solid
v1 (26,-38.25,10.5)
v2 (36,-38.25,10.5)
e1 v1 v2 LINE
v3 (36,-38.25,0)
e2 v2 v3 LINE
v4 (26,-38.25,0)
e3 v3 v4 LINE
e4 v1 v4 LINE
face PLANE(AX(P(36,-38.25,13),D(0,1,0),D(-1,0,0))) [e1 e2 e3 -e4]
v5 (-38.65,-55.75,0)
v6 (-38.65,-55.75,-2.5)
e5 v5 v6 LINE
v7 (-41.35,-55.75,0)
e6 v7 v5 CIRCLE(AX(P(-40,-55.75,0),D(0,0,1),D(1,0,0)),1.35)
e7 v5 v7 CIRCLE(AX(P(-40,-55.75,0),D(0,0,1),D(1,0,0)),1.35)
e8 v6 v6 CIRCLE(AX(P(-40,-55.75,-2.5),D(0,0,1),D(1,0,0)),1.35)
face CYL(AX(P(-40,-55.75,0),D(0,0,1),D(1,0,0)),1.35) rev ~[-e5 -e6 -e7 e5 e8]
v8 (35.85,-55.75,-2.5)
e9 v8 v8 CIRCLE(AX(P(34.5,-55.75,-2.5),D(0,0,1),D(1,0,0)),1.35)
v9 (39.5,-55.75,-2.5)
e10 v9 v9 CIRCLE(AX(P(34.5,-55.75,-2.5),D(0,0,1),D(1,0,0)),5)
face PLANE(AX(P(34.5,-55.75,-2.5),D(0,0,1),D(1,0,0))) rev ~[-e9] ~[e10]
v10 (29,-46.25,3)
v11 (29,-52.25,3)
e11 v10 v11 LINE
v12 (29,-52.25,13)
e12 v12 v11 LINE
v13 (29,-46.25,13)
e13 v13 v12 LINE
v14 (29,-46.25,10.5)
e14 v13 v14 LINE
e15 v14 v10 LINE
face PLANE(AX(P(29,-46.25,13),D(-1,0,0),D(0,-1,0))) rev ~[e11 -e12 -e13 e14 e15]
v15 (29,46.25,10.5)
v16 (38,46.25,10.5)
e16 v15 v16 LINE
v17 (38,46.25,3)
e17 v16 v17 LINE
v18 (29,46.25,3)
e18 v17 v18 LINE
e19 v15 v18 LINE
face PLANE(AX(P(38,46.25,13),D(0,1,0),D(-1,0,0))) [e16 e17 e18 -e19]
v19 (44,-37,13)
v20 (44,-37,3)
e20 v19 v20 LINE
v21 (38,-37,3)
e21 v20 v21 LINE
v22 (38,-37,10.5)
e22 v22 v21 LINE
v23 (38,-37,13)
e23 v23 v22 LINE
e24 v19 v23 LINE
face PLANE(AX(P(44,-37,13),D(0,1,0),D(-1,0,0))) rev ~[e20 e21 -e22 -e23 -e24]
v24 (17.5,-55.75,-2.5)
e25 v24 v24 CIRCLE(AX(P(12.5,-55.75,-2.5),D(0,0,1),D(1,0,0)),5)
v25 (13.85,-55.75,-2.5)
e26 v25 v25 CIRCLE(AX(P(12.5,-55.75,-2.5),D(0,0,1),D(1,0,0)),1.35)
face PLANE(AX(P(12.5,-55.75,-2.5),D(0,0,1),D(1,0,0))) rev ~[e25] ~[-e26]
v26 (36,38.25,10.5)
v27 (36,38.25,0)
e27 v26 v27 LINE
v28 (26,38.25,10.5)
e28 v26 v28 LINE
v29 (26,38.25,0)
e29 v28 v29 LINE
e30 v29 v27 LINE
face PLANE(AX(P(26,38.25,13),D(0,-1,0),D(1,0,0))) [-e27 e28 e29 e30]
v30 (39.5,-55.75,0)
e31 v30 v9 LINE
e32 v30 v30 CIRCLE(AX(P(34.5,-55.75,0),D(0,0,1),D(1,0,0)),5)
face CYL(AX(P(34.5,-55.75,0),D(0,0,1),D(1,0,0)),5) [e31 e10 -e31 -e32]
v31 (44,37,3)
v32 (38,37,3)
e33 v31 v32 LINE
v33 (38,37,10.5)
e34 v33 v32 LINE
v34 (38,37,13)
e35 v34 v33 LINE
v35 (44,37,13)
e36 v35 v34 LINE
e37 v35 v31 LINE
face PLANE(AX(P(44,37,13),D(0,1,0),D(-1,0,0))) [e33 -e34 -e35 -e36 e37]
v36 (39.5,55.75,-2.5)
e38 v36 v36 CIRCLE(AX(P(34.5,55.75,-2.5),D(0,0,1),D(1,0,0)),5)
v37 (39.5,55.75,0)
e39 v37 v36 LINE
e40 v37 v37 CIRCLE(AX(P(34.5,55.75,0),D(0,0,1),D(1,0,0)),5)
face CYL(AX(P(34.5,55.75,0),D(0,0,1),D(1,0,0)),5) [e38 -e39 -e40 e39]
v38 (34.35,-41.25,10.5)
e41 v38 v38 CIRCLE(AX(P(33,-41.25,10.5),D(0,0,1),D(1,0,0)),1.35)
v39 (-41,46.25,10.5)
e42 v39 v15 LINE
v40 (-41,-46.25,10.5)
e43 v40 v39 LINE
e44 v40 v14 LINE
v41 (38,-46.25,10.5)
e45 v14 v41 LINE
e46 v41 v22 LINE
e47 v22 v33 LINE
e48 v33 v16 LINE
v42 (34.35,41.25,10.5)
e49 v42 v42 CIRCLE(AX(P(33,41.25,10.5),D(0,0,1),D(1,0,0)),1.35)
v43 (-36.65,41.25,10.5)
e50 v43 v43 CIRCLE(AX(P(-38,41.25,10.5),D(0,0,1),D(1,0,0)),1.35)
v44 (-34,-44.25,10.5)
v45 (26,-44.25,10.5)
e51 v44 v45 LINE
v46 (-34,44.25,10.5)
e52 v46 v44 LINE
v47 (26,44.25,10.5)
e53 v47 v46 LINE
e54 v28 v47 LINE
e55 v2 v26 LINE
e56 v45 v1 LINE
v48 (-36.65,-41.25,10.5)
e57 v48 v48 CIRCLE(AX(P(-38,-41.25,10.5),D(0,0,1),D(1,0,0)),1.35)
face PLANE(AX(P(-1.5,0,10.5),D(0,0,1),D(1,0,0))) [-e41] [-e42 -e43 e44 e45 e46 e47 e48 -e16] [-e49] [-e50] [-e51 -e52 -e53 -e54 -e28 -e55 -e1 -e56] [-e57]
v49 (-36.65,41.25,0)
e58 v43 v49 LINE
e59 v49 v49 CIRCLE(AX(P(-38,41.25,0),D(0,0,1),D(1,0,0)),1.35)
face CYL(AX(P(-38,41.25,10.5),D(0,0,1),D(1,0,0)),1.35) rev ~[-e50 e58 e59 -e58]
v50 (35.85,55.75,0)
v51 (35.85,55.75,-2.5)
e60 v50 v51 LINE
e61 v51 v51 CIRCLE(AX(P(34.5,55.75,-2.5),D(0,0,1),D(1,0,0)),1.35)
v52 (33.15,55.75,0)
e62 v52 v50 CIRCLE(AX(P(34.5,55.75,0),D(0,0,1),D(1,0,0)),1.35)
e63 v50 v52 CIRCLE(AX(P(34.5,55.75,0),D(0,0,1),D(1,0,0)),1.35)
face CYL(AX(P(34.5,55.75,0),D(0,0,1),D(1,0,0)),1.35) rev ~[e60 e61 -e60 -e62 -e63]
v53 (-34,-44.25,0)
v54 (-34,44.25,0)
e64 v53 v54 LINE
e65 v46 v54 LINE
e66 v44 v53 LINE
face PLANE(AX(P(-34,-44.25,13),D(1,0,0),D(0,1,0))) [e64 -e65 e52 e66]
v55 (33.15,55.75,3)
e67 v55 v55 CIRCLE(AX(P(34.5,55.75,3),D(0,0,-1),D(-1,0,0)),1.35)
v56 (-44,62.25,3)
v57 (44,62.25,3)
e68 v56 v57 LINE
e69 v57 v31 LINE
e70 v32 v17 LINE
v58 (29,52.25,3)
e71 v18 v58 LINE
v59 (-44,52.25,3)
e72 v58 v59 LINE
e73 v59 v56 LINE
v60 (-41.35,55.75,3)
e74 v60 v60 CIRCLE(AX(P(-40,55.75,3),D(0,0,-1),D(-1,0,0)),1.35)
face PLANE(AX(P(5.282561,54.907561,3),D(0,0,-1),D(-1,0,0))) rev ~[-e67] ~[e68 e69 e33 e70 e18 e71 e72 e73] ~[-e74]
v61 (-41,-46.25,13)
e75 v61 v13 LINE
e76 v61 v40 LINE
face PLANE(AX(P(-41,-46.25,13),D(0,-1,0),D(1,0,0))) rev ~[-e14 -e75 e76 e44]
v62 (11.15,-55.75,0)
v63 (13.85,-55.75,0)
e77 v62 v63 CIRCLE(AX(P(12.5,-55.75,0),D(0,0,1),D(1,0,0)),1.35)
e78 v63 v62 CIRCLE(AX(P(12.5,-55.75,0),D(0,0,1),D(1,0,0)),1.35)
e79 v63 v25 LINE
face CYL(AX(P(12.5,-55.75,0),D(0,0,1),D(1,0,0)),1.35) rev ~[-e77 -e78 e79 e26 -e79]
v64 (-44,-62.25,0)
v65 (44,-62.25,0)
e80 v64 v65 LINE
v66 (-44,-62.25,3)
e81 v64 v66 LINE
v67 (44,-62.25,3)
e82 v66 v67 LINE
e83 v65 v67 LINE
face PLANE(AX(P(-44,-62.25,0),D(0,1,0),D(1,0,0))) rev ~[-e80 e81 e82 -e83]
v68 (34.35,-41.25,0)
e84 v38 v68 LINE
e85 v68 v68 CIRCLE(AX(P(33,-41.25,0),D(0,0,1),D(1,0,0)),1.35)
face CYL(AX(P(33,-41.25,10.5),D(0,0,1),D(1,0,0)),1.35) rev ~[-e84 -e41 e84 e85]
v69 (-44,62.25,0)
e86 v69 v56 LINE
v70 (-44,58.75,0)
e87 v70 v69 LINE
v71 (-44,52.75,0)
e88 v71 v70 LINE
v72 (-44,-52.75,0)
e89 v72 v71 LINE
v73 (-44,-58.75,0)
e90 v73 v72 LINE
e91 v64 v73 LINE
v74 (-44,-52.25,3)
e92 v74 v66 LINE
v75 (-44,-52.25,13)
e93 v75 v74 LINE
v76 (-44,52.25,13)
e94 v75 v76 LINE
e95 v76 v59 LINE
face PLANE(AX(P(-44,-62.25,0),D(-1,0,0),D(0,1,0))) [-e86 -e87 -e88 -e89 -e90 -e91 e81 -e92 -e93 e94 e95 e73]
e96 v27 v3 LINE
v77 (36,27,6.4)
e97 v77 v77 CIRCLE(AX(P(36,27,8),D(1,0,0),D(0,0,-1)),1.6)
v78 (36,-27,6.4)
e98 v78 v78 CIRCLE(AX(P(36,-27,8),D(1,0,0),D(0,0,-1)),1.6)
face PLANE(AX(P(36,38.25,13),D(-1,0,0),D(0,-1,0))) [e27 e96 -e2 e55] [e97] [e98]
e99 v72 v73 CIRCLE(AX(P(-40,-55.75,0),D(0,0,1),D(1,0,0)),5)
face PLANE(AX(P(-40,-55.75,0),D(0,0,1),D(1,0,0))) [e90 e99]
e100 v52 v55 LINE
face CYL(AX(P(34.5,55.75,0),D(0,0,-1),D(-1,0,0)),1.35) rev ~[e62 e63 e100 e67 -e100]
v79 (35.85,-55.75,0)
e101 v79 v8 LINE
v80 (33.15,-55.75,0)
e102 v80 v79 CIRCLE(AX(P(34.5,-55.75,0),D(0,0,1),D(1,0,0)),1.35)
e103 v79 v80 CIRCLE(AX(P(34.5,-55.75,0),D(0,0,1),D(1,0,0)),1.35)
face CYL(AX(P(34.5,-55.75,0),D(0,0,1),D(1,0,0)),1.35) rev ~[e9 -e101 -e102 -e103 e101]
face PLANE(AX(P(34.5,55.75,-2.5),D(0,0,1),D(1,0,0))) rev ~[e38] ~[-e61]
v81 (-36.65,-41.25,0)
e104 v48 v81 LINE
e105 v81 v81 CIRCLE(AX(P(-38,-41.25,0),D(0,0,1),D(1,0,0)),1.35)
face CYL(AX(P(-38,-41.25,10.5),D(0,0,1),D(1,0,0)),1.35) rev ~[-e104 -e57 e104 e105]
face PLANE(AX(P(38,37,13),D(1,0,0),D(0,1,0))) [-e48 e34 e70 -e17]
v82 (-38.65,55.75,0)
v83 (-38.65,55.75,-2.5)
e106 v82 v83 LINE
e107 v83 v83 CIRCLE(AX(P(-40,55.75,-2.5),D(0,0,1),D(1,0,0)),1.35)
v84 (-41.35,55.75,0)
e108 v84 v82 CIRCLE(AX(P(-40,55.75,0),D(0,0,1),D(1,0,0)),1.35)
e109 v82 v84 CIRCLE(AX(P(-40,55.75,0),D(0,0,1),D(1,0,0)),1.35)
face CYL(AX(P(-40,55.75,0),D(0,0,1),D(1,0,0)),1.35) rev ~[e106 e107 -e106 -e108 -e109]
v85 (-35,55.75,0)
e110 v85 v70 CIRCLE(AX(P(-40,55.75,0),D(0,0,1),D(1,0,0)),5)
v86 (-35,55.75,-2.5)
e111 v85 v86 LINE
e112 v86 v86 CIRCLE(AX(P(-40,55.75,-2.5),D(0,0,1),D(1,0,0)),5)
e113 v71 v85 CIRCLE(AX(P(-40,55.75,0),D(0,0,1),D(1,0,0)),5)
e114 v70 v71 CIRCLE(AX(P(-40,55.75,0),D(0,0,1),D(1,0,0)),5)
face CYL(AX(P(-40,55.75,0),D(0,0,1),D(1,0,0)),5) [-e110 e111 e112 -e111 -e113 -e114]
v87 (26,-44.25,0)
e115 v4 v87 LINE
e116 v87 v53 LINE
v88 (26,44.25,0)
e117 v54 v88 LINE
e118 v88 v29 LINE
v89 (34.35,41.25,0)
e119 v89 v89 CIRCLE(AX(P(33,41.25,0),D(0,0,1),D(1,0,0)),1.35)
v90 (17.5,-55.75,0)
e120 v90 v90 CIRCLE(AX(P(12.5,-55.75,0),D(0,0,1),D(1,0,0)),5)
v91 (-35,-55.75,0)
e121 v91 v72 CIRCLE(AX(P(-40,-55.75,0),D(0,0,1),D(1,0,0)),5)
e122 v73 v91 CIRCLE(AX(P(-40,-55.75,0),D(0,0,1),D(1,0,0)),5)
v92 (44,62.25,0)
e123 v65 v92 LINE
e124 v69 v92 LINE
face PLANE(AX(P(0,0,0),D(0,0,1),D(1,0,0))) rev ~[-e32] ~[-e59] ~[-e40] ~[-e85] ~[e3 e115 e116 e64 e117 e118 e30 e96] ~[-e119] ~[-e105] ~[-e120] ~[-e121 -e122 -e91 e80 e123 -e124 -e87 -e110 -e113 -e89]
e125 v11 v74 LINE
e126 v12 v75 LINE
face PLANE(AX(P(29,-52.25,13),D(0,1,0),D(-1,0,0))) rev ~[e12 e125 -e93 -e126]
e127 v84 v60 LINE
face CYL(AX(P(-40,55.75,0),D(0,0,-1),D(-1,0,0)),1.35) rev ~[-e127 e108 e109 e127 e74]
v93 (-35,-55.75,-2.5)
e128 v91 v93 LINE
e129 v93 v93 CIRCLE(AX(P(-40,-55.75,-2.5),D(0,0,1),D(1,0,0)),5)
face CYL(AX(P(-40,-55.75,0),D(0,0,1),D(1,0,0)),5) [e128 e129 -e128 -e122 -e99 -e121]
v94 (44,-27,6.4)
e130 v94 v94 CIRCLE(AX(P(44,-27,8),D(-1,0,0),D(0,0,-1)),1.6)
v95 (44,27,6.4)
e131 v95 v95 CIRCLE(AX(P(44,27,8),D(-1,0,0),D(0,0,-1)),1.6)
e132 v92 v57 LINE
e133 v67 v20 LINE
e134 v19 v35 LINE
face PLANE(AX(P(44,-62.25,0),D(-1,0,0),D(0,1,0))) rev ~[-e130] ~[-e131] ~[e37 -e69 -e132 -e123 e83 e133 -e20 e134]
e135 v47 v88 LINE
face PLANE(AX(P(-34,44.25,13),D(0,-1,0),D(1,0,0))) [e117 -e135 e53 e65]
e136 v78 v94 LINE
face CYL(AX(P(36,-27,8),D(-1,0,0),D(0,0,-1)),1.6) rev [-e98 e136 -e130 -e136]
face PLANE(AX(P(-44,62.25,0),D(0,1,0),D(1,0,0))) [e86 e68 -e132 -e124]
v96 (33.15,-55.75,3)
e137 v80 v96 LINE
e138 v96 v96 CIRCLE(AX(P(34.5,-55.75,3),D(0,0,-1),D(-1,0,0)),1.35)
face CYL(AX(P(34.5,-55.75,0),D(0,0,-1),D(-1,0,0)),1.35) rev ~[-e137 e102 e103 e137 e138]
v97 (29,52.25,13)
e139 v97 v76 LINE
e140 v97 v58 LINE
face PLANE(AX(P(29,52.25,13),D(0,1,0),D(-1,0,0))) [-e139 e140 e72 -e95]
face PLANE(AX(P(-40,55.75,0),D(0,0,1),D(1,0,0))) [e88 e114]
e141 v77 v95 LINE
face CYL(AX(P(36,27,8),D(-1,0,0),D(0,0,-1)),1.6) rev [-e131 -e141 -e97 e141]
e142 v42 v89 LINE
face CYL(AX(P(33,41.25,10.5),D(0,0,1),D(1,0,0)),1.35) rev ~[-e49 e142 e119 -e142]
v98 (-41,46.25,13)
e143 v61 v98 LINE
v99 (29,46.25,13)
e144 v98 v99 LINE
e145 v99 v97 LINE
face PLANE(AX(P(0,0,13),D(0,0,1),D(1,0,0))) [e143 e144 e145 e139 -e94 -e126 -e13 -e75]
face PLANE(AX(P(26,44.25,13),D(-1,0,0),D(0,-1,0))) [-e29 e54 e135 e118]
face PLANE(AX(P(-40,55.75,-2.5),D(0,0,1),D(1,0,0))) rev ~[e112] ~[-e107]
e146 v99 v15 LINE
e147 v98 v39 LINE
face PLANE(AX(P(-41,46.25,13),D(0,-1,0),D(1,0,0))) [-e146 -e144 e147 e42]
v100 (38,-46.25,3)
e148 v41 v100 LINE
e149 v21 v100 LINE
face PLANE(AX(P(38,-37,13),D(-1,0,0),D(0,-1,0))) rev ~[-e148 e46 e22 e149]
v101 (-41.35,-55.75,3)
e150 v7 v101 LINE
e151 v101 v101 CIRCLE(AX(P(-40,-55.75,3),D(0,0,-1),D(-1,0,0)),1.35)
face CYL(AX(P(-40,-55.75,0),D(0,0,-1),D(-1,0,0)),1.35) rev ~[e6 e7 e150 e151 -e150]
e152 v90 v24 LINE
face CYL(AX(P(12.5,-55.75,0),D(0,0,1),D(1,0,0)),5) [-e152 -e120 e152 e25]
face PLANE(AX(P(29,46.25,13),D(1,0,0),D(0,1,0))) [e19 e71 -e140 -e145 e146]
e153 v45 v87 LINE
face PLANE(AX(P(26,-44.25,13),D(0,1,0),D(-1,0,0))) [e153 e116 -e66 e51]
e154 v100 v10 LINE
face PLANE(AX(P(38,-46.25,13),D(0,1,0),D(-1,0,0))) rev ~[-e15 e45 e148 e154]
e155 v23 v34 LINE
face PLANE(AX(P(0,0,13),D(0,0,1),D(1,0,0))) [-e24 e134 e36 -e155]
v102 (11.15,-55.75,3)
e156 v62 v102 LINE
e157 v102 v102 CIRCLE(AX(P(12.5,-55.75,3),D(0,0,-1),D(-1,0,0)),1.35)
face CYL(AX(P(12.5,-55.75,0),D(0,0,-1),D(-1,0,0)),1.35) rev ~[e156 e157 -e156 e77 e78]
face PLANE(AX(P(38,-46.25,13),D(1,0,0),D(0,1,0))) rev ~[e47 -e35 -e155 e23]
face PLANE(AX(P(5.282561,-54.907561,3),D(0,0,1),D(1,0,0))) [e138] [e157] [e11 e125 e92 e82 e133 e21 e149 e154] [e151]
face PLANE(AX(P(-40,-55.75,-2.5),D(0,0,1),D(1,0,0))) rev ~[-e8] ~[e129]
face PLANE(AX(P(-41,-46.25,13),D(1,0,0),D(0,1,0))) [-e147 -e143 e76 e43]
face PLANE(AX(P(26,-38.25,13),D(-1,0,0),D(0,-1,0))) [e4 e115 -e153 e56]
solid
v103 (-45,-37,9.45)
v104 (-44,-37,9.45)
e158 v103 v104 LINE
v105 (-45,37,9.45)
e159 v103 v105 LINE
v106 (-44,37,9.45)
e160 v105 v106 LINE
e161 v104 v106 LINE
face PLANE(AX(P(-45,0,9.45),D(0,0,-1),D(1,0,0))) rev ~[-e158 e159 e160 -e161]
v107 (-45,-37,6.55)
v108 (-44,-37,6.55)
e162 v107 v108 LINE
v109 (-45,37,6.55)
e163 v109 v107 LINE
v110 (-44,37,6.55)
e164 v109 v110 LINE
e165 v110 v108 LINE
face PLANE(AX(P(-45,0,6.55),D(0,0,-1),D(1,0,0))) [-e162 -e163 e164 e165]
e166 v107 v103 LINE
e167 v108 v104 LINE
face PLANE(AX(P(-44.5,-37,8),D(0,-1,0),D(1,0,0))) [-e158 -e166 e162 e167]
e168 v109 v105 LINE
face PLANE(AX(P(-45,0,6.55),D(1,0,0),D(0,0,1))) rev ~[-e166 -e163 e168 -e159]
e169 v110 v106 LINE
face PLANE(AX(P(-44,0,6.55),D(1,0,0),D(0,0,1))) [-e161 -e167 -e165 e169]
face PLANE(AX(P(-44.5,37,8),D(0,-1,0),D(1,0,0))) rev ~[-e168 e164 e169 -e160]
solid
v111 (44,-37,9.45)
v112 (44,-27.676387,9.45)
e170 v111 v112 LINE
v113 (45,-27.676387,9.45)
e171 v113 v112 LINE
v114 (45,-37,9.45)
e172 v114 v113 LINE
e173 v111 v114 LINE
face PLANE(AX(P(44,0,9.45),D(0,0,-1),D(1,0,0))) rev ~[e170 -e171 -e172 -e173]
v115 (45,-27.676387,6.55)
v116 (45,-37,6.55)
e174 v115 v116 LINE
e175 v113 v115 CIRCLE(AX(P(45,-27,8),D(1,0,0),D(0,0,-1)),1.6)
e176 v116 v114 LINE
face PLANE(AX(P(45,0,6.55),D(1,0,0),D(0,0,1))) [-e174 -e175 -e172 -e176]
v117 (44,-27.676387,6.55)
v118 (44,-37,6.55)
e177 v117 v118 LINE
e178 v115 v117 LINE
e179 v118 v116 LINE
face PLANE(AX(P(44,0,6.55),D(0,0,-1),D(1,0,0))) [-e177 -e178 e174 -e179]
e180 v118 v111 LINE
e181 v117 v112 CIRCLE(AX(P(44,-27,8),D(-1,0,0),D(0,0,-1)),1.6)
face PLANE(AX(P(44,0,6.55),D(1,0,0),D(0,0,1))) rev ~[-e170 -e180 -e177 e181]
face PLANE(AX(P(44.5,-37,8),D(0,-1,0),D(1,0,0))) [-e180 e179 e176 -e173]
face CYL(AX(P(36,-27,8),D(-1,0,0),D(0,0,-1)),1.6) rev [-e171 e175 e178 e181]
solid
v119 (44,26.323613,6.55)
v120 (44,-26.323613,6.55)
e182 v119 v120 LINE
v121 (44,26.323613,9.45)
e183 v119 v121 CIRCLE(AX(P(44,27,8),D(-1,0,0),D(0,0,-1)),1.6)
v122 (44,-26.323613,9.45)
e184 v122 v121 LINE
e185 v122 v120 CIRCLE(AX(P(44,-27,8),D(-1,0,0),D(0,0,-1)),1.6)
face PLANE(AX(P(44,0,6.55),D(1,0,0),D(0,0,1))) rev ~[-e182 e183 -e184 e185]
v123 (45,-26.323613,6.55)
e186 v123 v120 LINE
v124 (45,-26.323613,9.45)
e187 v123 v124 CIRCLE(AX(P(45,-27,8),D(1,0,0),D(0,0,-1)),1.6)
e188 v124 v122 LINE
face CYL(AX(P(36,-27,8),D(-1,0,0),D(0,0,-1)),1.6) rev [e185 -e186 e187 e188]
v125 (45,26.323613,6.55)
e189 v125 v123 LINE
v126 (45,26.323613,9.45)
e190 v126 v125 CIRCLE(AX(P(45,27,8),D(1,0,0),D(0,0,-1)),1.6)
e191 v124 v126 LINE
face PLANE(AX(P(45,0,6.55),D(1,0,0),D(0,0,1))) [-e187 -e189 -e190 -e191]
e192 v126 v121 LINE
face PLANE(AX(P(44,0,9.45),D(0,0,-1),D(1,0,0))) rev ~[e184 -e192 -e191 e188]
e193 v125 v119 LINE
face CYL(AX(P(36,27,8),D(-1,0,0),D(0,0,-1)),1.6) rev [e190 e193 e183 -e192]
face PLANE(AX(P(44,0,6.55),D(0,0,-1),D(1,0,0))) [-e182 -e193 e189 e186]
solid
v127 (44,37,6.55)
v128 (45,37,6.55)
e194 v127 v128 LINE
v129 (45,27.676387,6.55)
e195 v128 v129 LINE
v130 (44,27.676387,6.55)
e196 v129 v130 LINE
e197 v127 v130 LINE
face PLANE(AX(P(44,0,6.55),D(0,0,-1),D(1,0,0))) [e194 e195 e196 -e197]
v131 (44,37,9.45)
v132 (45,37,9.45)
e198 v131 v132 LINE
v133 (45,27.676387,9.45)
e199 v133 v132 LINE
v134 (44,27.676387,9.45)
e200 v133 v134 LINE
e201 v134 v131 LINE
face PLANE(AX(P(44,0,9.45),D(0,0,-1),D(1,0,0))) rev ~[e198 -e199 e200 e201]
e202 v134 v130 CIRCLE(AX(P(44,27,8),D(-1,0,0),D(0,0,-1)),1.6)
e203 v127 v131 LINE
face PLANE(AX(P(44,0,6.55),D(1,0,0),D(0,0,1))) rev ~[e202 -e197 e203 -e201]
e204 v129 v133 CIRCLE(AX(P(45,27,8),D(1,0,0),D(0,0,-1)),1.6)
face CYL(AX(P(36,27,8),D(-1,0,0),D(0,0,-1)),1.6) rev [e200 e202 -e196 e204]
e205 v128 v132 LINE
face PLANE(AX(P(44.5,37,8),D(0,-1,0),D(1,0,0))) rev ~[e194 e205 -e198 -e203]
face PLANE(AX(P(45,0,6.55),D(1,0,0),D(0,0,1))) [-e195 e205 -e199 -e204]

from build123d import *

# Parameters (mm, degrees)
MAIN_SKETCH_W                = 88
MAIN_SKETCH_H                = 124.5
MAIN_EXTRUSION_DEPTH         = 13
FIX_SKETCH_R                 = 5
FIX_SKETCH_R_2               = 1.35
BOARD_PLOT_DEPTH             = 2.5
ESQUISSE1_R                  = 1.35
BOARD_PLOT_HOLE_DEPTH        = 14
ESQUISSE2_W                  = 1
ESQUISSE2_H                  = 2.9
MAKERBEAM_FIXING_DEPTH       = 37
MAKERBEAM_FIXING_2_DEPTH     = 37
WINDOW_HOLE_DEPTH            = 16.5
EXTERNAL_HOLE_DEPTH          = 10
MAKERBEAM_START              = -9
ESQUISSE5_R                  = 1.6
MAKERBEAM_FIXING_HOLE_DEPTH  = 9
ESQUISSE7_W                  = 79
ESQUISSE7_H                  = 92.5
GLASS_HOLE_DEPTH             = 2.5
ESQUISSE8_R                  = 1.35
GLASS_FIXING_HOLE_DEPTH      = 3.5
GLASS_FIXING_HOLE_DEPTH_BACK = 14


with BuildPart() as part:
    # Main-Sketch → Main-Extrusion (new body)
    with BuildSketch(Plane.XY):
        Rectangle(MAIN_SKETCH_W, MAIN_SKETCH_H)
    extrude(amount=MAIN_EXTRUSION_DEPTH)

    # Fix-Sketch → Board Plot (add)
    with BuildSketch(Plane.XY):
        with Locations((-40, 55.75)):
            Circle(FIX_SKETCH_R)
        with Locations((-40, 55.75)):
            Circle(FIX_SKETCH_R_2, mode=Mode.SUBTRACT)
        with Locations((34.5, 55.75)):
            Circle(FIX_SKETCH_R)
        with Locations((34.5, 55.75)):
            Circle(FIX_SKETCH_R_2, mode=Mode.SUBTRACT)
        with Locations((34.5, -55.75)):
            Circle(FIX_SKETCH_R)
        with Locations((34.5, -55.75)):
            Circle(FIX_SKETCH_R_2, mode=Mode.SUBTRACT)
        with Locations((-40, -55.75)):
            Circle(FIX_SKETCH_R)
        with Locations((-40, -55.75)):
            Circle(FIX_SKETCH_R_2, mode=Mode.SUBTRACT)
        with Locations((12.5, -55.75)):
            Circle(FIX_SKETCH_R)
        with Locations((12.5, -55.75)):
            Circle(FIX_SKETCH_R_2, mode=Mode.SUBTRACT)
    extrude(amount=-BOARD_PLOT_DEPTH)

    # Esquisse1 → Board Plot Hole (cut, through all)
    with BuildSketch(Plane(origin=(0, 0, 0), x_dir=(-1, 0, 0), z_dir=(0, 0, -1))):
        with Locations((-34.5, 55.75)):
            Circle(ESQUISSE1_R)
        with Locations((40, 55.75)):
            Circle(ESQUISSE1_R)
        with Locations((40, -55.75)):
            Circle(ESQUISSE1_R)
        with Locations((-12.5, -55.75)):
            Circle(ESQUISSE1_R)
        with Locations((-34.5, -55.75)):
            Circle(ESQUISSE1_R)
    extrude(amount=-BOARD_PLOT_HOLE_DEPTH, mode=Mode.SUBTRACT)

    # Esquisse3 → Window Hole (cut, through all)
    with BuildSketch(Plane.XY.offset(13)):
        Polygon((-34, 44.25), (26, 44.25), (26, 38.25), (36, 38.25), (36, -38.25), (26, -38.25), (26, -44.25), (-34, -44.25), align=None)
    extrude(amount=-WINDOW_HOLE_DEPTH, mode=Mode.SUBTRACT)

    # Esquisse4 → External Hole (cut)
    with BuildSketch(Plane.XY.offset(13)):
        Polygon((44, 62.25), (44, 37), (38, 37), (38, 46.25), (29, 46.25), (29, 52.25), (-44, 52.25), (-44, 62.25), align=None)
        Polygon((44, -62.25), (44, -37), (38, -37), (38, -46.25), (29, -46.25), (29, -52.25), (-44, -52.25), (-44, -62.25), align=None)
    extrude(amount=-EXTERNAL_HOLE_DEPTH, mode=Mode.SUBTRACT)


with BuildPart() as body_2:
    # Esquisse2 → MakerBeam Fixing (new body, symmetric)
    with BuildSketch(Plane.XZ):
        with Locations((44.5, 8)):
            Rectangle(ESQUISSE2_W, ESQUISSE2_H)
    extrude(amount=MAKERBEAM_FIXING_DEPTH, both=True)


with BuildPart() as body_3:
    # Esquisse2 → MakerBeam Fixing 2 (new body, symmetric)
    with BuildSketch(Plane.XZ):
        with Locations((-44.5, 8)):
            Rectangle(ESQUISSE2_W, ESQUISSE2_H)
    extrude(amount=MAKERBEAM_FIXING_2_DEPTH, both=True)


with BuildPart() as makerbeam_fixing_hole_tool:
    # Esquisse5 → MakerBeam Fixing Hole (new body)
    with BuildSketch(Plane(origin=(45, 0, 0), x_dir=(0, 0, -1), z_dir=(1, 0, 0)).offset(MAKERBEAM_START)):
        with Locations((-8, 27)):
            Circle(ESQUISSE5_R)
        with Locations((-8, -27)):
            Circle(ESQUISSE5_R)
    extrude(amount=MAKERBEAM_FIXING_HOLE_DEPTH)


with BuildPart() as part_1:
    add(part.part)

    # MakerBeam Fixing Hole: cut by makerbeam_fixing_hole_tool
    add(makerbeam_fixing_hole_tool.part, mode=Mode.SUBTRACT)

    # Esquisse7 → Glass Hole (cut)
    with BuildSketch(Plane.XY.offset(13)):
        with Locations((-1.5, 0)):
            Rectangle(ESQUISSE7_W, ESQUISSE7_H)
    extrude(amount=-GLASS_HOLE_DEPTH, mode=Mode.SUBTRACT)

    # Esquisse8 → Glass Fixing Hole (cut, two sides)
    with BuildSketch(Plane.XY.offset(10.5)) as glass_fixing_hole_sk:
        with Locations((-38, 41.25)):
            Circle(ESQUISSE8_R)
        with Locations((33, 41.25)):
            Circle(ESQUISSE8_R)
        with Locations((33, -41.25)):
            Circle(ESQUISSE8_R)
        with Locations((-38, -41.25)):
            Circle(ESQUISSE8_R)
    extrude(amount=GLASS_FIXING_HOLE_DEPTH, mode=Mode.SUBTRACT)
    extrude(glass_fixing_hole_sk.sketch, amount=-GLASS_FIXING_HOLE_DEPTH_BACK, mode=Mode.SUBTRACT)


with BuildPart() as body_2_1:
    add(body_2.part)

    # MakerBeam Fixing Hole: cut by makerbeam_fixing_hole_tool
    add(makerbeam_fixing_hole_tool.part, mode=Mode.SUBTRACT)


solid = Compound([body_3.part, part_1.part, body_2_1.part])
